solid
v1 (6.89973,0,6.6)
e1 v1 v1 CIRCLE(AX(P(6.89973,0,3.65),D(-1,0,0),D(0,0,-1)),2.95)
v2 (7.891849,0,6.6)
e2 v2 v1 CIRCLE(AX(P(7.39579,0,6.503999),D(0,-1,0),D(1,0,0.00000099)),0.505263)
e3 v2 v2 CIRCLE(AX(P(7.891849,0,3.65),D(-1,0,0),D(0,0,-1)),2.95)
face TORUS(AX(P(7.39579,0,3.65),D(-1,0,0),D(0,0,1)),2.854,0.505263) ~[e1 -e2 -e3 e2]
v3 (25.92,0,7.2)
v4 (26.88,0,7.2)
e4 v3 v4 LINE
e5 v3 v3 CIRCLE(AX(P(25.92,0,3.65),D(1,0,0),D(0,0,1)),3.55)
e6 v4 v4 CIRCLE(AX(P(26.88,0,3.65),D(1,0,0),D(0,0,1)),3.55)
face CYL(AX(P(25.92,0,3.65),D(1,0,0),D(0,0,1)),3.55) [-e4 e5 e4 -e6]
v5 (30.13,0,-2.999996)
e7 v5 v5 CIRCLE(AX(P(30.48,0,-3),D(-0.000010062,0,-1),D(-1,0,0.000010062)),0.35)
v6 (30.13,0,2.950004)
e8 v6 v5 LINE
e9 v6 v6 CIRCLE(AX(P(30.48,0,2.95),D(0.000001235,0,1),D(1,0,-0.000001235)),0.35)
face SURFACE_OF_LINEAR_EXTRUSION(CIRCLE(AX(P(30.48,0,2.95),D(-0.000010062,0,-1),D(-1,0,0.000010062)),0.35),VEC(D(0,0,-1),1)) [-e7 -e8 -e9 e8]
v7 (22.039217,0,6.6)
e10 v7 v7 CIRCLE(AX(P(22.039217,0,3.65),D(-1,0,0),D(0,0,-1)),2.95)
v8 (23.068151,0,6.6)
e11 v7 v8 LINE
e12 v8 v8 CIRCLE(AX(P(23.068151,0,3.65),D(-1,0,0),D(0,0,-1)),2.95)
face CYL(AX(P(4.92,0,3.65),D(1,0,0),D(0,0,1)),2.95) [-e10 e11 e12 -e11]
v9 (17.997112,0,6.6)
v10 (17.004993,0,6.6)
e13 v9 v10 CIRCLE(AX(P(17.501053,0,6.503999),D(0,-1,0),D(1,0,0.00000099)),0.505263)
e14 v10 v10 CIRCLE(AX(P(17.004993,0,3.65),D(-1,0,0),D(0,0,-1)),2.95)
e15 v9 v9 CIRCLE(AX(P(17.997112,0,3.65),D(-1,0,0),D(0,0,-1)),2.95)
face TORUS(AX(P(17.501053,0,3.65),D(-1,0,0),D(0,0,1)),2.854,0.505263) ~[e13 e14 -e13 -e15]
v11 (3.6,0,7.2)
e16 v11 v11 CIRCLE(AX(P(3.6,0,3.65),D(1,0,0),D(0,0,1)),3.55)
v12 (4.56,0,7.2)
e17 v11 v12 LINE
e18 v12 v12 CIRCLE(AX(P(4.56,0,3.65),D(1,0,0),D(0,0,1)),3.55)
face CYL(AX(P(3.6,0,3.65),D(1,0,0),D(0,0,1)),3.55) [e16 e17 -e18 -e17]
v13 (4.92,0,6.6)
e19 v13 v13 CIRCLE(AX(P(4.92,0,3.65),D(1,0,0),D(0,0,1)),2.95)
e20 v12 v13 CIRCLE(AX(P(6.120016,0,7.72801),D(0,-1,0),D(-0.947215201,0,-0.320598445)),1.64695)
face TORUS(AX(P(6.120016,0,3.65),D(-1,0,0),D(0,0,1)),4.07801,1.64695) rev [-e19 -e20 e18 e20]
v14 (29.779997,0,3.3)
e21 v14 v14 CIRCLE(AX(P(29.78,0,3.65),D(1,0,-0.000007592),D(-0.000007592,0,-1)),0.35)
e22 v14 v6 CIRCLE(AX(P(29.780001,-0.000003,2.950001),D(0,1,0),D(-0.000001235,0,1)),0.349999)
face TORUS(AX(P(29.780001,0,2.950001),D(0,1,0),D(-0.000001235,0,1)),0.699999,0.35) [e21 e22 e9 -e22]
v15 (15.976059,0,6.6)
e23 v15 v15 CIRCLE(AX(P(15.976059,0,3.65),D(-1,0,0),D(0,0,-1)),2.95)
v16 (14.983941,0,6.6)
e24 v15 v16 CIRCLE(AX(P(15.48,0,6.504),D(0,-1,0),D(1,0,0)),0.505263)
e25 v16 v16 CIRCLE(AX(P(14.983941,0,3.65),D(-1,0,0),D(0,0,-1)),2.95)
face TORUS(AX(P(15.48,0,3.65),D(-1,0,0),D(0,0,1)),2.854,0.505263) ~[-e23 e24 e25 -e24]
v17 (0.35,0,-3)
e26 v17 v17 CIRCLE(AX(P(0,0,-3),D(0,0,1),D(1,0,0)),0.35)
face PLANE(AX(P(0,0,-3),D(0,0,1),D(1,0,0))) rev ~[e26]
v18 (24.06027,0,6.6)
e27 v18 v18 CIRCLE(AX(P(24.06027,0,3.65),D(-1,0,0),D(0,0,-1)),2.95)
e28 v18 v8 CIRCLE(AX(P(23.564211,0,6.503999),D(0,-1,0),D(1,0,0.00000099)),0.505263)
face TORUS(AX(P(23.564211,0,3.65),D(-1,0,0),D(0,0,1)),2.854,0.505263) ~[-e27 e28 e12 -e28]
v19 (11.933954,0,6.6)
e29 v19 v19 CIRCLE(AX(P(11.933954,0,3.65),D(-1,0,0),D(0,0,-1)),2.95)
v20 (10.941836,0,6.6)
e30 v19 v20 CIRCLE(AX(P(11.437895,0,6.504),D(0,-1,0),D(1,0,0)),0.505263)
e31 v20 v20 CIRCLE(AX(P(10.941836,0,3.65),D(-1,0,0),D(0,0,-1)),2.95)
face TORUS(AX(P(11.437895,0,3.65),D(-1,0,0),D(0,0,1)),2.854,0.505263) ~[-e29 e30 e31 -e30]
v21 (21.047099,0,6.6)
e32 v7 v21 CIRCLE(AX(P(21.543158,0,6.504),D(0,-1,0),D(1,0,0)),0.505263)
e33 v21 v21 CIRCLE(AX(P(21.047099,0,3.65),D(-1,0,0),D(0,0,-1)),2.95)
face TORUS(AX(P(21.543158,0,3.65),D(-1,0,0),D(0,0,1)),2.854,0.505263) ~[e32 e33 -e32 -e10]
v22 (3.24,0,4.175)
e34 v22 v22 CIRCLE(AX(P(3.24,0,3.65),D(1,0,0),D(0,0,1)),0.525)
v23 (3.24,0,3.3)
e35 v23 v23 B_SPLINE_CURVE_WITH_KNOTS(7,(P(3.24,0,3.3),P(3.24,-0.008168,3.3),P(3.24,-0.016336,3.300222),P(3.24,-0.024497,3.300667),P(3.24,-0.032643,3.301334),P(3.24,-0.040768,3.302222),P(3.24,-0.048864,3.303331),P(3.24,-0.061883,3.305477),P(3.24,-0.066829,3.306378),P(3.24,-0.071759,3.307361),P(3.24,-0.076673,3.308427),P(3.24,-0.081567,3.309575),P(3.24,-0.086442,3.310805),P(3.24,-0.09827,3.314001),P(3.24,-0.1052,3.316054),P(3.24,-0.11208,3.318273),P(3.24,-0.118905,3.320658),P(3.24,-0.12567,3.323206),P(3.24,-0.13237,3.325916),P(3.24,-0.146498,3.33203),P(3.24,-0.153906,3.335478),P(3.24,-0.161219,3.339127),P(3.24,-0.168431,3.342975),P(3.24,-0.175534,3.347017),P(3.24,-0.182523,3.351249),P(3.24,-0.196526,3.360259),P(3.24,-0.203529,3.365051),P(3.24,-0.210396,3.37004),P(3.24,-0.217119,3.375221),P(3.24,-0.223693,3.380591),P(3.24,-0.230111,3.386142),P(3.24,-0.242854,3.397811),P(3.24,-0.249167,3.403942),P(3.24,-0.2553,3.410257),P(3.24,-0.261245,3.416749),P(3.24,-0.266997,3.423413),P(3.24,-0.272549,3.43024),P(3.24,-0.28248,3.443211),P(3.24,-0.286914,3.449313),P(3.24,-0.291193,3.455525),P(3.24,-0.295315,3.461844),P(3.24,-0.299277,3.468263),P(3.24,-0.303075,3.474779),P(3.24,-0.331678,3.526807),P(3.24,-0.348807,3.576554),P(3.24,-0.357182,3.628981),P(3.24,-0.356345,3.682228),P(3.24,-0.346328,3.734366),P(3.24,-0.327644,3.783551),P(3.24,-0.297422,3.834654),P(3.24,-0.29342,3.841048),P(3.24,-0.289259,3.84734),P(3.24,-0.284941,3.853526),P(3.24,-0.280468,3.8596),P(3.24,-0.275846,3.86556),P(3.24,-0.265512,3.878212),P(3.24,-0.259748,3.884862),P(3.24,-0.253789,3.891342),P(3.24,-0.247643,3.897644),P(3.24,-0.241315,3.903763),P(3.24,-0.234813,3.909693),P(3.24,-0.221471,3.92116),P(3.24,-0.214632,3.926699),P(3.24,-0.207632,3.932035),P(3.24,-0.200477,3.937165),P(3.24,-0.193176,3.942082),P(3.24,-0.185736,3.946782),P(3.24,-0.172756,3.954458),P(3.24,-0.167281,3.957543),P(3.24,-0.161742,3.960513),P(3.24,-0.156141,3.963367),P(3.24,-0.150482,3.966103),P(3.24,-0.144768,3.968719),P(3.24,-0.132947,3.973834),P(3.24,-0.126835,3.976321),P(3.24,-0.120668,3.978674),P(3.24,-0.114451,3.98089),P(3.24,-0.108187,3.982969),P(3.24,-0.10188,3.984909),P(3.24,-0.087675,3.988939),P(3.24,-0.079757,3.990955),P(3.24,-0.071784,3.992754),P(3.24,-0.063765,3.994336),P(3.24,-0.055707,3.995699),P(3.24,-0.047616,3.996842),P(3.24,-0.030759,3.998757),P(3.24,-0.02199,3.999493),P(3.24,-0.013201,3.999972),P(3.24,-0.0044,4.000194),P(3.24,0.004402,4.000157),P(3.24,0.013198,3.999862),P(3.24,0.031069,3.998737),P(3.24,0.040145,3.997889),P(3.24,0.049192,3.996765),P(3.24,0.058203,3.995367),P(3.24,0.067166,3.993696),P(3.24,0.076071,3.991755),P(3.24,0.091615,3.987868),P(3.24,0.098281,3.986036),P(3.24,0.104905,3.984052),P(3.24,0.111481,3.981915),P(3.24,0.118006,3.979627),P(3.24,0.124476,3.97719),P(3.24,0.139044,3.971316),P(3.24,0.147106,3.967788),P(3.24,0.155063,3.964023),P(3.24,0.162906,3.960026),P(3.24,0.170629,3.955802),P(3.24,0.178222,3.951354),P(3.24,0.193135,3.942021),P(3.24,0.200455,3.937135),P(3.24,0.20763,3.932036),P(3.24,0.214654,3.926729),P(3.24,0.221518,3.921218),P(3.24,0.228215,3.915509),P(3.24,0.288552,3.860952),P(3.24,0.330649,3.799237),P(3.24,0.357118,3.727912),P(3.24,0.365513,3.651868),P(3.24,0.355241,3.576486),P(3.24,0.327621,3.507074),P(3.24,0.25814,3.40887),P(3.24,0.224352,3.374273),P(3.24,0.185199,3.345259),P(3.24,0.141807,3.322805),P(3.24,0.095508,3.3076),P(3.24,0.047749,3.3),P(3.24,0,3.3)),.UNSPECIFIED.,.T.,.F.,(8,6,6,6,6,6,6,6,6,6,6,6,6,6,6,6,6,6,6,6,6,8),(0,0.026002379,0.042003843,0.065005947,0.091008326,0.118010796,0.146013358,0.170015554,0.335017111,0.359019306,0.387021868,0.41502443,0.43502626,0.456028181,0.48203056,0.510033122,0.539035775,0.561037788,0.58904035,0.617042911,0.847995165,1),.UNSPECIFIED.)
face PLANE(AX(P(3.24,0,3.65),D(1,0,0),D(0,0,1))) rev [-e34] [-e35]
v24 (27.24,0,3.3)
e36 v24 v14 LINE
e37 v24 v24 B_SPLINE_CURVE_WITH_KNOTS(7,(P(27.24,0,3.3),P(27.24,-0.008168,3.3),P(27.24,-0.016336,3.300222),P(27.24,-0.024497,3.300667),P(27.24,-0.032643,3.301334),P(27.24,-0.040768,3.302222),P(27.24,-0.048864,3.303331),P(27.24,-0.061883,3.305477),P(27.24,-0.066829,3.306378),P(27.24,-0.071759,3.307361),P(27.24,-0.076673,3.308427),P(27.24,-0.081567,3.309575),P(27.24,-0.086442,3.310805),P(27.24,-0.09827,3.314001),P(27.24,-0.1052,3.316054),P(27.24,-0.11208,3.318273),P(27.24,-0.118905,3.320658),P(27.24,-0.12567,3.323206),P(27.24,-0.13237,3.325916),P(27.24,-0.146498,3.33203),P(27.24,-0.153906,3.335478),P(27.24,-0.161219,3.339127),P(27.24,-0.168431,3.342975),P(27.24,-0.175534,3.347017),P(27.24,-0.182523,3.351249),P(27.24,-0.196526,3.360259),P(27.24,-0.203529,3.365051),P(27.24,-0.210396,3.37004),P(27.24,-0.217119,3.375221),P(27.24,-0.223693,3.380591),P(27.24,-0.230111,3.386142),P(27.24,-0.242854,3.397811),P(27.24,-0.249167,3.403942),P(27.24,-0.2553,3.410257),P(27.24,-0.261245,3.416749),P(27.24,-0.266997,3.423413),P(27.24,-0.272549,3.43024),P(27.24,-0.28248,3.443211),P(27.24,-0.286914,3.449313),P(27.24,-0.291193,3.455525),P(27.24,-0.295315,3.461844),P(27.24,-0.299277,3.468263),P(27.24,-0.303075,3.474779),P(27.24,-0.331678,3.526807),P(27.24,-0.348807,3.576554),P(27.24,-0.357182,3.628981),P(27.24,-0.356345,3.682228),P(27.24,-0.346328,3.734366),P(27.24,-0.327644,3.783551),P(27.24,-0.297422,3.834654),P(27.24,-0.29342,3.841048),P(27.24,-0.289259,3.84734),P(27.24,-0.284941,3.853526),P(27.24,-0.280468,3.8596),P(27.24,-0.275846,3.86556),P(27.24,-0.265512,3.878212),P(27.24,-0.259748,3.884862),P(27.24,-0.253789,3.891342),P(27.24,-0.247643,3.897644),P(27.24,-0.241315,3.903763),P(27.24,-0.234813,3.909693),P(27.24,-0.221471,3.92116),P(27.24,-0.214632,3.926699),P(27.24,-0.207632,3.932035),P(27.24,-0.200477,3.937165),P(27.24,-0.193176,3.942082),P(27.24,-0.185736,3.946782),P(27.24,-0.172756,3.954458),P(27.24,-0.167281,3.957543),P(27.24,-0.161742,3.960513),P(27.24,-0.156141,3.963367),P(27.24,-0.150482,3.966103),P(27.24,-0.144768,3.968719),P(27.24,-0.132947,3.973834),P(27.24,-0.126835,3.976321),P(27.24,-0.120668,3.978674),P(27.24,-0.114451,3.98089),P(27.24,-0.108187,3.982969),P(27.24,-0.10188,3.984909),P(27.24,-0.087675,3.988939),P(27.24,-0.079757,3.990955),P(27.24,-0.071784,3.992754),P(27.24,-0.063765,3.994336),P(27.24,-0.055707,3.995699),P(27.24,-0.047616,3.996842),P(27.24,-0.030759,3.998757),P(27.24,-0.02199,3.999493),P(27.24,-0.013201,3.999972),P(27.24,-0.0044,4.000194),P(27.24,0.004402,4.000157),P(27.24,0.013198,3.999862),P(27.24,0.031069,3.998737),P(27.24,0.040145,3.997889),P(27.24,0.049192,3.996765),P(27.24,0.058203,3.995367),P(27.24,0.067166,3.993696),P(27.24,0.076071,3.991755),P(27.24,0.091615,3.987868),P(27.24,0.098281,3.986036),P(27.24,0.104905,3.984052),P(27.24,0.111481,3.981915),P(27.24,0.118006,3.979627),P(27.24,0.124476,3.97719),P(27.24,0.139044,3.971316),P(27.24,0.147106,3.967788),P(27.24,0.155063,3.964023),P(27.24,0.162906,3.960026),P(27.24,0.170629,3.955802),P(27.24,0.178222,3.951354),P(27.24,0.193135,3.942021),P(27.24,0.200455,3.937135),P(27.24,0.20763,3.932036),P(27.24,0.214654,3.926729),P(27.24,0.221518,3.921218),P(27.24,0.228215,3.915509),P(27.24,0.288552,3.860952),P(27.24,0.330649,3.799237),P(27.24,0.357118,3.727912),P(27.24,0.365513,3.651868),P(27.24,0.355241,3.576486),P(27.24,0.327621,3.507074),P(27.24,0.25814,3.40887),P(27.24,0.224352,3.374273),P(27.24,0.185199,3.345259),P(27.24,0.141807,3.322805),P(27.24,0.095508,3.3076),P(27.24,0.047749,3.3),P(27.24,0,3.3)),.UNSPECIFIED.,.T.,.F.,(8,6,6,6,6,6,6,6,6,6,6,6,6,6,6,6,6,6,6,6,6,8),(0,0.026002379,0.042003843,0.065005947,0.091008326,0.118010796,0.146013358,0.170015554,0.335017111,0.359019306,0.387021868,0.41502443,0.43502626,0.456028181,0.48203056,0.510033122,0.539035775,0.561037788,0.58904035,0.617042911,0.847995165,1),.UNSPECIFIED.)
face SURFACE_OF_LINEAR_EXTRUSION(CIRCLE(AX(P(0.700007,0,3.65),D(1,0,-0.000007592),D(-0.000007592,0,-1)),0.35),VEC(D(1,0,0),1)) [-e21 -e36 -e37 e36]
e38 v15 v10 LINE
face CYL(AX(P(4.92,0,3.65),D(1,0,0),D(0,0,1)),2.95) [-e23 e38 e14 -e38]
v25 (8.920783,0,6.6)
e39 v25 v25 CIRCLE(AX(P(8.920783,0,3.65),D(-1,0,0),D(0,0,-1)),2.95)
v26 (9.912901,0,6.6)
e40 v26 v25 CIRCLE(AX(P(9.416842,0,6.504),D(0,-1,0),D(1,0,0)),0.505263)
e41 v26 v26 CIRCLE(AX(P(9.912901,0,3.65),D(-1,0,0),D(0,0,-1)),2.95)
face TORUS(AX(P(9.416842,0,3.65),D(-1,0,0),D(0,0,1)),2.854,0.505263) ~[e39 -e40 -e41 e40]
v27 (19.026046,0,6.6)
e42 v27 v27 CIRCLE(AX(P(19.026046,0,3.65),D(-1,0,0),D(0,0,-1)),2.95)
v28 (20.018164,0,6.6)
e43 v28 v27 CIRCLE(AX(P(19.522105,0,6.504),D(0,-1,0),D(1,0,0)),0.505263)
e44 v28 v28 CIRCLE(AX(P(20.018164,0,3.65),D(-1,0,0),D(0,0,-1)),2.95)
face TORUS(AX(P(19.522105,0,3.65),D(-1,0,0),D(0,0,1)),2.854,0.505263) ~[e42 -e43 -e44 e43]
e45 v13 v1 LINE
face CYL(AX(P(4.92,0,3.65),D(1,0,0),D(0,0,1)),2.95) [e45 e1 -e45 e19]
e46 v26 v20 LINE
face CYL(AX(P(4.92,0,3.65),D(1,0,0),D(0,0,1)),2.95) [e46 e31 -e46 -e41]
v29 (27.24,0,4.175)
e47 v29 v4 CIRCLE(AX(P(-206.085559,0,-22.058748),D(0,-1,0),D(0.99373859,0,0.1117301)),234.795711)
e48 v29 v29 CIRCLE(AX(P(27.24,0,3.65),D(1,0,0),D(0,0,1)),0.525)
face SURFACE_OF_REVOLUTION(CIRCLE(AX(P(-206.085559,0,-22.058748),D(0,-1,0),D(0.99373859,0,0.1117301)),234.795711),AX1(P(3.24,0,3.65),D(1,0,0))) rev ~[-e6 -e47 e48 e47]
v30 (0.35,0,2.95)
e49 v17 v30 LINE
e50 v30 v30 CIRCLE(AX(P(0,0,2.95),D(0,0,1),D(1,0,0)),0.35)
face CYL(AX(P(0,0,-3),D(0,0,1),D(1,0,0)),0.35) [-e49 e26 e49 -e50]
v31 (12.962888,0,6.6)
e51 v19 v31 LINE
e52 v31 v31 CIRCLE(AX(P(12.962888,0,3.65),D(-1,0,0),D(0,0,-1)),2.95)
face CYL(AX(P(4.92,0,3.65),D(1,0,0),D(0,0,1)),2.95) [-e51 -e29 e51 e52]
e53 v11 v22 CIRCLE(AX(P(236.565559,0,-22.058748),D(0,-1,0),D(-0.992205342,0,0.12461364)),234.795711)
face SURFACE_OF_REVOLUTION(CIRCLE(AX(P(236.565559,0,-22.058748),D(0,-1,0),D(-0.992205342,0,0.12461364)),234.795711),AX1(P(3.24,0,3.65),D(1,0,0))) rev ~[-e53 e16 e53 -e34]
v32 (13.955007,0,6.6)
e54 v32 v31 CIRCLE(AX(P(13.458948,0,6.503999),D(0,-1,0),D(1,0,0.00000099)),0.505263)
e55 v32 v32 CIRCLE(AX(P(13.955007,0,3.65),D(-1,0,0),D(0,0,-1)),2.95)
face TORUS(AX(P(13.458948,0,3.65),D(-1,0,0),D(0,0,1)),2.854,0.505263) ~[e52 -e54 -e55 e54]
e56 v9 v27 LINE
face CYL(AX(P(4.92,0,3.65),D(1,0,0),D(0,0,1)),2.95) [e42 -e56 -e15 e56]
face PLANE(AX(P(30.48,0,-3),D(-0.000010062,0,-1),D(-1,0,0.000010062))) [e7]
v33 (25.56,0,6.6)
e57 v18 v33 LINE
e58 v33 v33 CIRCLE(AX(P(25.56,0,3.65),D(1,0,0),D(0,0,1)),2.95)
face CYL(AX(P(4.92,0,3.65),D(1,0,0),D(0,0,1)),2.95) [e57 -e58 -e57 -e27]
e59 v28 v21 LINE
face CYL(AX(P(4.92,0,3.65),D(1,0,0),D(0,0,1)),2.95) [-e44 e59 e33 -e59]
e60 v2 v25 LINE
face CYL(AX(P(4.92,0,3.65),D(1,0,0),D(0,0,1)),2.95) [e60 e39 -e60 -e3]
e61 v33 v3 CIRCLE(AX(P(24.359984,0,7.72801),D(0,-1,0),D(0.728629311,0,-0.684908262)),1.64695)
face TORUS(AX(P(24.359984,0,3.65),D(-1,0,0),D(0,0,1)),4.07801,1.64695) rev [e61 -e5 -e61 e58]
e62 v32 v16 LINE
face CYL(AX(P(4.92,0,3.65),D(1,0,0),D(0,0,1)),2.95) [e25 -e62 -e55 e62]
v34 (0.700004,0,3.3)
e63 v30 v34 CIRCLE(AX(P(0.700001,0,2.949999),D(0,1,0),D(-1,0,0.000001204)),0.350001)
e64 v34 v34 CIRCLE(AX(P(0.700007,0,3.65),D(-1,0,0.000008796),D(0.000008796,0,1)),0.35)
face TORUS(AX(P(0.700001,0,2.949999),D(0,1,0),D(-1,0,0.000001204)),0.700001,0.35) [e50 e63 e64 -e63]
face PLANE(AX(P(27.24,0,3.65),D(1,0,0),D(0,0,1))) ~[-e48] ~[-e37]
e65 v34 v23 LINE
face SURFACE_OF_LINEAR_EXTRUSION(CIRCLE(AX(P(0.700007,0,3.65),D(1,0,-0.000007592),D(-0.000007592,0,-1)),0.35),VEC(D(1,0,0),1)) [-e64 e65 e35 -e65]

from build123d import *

# Parameters (mm, degrees)
SKETCH_R = 0.35


with BuildPart() as sweep_body:
    # Sweep: sweep along a path in Sketch001
    with BuildLine(Plane.XZ) as sweep_path:
        Line((0, -3), (0, 2.95))
        ThreePointArc((0, 2.95), (0.205028, 3.444977), (0.700007, 3.65))
        Line((0.700007, 3.65), (29.78, 3.65))
        ThreePointArc((29.78, 3.65), (30.274975, 3.444975), (30.48, 2.95))
        Line((30.48, 2.95), (30.48, -3))
    # Sketch → Sweep (sweep)
    with BuildSketch(Plane.XY.offset(-2)):
        Circle(SKETCH_R)
    sweep(path=sweep_path.line)


with BuildPart() as revolution:
    # Sketch002 → Revolution (revolve)
    with BuildSketch(Plane.XZ):
        with BuildLine():
            Line((3.6, 7.2), (4.56, 7.2))
            ThreePointArc((4.56, 7.2), (4.707768, 6.880661), (4.92, 6.6))
            Line((4.92, 6.6), (25.56, 6.6))
            ThreePointArc((25.56, 6.6), (25.772232, 6.880661), (25.92, 7.2))
            Line((25.92, 7.2), (26.88, 7.2))
            ThreePointArc((27.24, 4.175), (27.064906, 5.688084), (26.88, 7.2))
            Line((27.24, 3.65), (27.24, 4.175))
            Line((3.24, 3.65), (27.24, 3.65))
            Line((3.24, 3.65), (3.24, 4.175))
            ThreePointArc((3.6, 7.2), (3.415094, 5.688084), (3.24, 4.175))
        make_face()
    revolve(axis=Axis((3.24, 0, 3.65), (1, 0, 0)))


with BuildPart() as revolution001_mp_cp:
    # Sketch003 → Revolution001 (revolve)
    with BuildSketch(Plane.XZ):
        with BuildLine():
            ThreePointArc((7.901053, 6.504), (7.395789, 7.009263), (6.890526, 6.504))
            Line((5.88, 6.504), (6.890526, 6.504))
            Line((5.88, 6.504), (5.88, 5.794))
            Line((5.88, 5.794), (25.08, 5.794))
            Line((25.08, 5.794), (25.08, 6.504))
            Line((24.069474, 6.504), (25.08, 6.504))
            ThreePointArc((24.069474, 6.504), (23.564211, 7.009263), (23.058947, 6.504))
            Line((22.048421, 6.504), (23.058947, 6.504))
            ThreePointArc((22.048421, 6.504), (21.543158, 7.009263), (21.037895, 6.504))
            Line((20.027368, 6.504), (21.037895, 6.504))
            ThreePointArc((20.027368, 6.504), (19.522105, 7.009263), (19.016842, 6.504))
            Line((18.006316, 6.504), (19.016842, 6.504))
            ThreePointArc((18.006316, 6.504), (17.501053, 7.009263), (16.995789, 6.504))
            Line((15.985263, 6.504), (16.995789, 6.504))
            ThreePointArc((15.985263, 6.504), (15.48, 7.009263), (14.974737, 6.504))
            Line((13.964211, 6.504), (14.974737, 6.504))
            ThreePointArc((13.964211, 6.504), (13.458947, 7.009263), (12.953684, 6.504))
            Line((11.943158, 6.504), (12.953684, 6.504))
            ThreePointArc((11.943158, 6.504), (11.437895, 7.009263), (10.932632, 6.504))
            Line((9.922105, 6.504), (10.932632, 6.504))
            ThreePointArc((9.922105, 6.504), (9.416842, 7.009263), (8.911579, 6.504))
            Line((7.901053, 6.504), (8.911579, 6.504))
        make_face()
    revolve(axis=Axis((3.84, 0, 3.65), (1, 0, 0)))

    # Revolution001_mp_cp: union Sweep body, Revolution
    add(sweep_body.part)
    add(revolution.part)


solid = revolution001_mp_cp.part
